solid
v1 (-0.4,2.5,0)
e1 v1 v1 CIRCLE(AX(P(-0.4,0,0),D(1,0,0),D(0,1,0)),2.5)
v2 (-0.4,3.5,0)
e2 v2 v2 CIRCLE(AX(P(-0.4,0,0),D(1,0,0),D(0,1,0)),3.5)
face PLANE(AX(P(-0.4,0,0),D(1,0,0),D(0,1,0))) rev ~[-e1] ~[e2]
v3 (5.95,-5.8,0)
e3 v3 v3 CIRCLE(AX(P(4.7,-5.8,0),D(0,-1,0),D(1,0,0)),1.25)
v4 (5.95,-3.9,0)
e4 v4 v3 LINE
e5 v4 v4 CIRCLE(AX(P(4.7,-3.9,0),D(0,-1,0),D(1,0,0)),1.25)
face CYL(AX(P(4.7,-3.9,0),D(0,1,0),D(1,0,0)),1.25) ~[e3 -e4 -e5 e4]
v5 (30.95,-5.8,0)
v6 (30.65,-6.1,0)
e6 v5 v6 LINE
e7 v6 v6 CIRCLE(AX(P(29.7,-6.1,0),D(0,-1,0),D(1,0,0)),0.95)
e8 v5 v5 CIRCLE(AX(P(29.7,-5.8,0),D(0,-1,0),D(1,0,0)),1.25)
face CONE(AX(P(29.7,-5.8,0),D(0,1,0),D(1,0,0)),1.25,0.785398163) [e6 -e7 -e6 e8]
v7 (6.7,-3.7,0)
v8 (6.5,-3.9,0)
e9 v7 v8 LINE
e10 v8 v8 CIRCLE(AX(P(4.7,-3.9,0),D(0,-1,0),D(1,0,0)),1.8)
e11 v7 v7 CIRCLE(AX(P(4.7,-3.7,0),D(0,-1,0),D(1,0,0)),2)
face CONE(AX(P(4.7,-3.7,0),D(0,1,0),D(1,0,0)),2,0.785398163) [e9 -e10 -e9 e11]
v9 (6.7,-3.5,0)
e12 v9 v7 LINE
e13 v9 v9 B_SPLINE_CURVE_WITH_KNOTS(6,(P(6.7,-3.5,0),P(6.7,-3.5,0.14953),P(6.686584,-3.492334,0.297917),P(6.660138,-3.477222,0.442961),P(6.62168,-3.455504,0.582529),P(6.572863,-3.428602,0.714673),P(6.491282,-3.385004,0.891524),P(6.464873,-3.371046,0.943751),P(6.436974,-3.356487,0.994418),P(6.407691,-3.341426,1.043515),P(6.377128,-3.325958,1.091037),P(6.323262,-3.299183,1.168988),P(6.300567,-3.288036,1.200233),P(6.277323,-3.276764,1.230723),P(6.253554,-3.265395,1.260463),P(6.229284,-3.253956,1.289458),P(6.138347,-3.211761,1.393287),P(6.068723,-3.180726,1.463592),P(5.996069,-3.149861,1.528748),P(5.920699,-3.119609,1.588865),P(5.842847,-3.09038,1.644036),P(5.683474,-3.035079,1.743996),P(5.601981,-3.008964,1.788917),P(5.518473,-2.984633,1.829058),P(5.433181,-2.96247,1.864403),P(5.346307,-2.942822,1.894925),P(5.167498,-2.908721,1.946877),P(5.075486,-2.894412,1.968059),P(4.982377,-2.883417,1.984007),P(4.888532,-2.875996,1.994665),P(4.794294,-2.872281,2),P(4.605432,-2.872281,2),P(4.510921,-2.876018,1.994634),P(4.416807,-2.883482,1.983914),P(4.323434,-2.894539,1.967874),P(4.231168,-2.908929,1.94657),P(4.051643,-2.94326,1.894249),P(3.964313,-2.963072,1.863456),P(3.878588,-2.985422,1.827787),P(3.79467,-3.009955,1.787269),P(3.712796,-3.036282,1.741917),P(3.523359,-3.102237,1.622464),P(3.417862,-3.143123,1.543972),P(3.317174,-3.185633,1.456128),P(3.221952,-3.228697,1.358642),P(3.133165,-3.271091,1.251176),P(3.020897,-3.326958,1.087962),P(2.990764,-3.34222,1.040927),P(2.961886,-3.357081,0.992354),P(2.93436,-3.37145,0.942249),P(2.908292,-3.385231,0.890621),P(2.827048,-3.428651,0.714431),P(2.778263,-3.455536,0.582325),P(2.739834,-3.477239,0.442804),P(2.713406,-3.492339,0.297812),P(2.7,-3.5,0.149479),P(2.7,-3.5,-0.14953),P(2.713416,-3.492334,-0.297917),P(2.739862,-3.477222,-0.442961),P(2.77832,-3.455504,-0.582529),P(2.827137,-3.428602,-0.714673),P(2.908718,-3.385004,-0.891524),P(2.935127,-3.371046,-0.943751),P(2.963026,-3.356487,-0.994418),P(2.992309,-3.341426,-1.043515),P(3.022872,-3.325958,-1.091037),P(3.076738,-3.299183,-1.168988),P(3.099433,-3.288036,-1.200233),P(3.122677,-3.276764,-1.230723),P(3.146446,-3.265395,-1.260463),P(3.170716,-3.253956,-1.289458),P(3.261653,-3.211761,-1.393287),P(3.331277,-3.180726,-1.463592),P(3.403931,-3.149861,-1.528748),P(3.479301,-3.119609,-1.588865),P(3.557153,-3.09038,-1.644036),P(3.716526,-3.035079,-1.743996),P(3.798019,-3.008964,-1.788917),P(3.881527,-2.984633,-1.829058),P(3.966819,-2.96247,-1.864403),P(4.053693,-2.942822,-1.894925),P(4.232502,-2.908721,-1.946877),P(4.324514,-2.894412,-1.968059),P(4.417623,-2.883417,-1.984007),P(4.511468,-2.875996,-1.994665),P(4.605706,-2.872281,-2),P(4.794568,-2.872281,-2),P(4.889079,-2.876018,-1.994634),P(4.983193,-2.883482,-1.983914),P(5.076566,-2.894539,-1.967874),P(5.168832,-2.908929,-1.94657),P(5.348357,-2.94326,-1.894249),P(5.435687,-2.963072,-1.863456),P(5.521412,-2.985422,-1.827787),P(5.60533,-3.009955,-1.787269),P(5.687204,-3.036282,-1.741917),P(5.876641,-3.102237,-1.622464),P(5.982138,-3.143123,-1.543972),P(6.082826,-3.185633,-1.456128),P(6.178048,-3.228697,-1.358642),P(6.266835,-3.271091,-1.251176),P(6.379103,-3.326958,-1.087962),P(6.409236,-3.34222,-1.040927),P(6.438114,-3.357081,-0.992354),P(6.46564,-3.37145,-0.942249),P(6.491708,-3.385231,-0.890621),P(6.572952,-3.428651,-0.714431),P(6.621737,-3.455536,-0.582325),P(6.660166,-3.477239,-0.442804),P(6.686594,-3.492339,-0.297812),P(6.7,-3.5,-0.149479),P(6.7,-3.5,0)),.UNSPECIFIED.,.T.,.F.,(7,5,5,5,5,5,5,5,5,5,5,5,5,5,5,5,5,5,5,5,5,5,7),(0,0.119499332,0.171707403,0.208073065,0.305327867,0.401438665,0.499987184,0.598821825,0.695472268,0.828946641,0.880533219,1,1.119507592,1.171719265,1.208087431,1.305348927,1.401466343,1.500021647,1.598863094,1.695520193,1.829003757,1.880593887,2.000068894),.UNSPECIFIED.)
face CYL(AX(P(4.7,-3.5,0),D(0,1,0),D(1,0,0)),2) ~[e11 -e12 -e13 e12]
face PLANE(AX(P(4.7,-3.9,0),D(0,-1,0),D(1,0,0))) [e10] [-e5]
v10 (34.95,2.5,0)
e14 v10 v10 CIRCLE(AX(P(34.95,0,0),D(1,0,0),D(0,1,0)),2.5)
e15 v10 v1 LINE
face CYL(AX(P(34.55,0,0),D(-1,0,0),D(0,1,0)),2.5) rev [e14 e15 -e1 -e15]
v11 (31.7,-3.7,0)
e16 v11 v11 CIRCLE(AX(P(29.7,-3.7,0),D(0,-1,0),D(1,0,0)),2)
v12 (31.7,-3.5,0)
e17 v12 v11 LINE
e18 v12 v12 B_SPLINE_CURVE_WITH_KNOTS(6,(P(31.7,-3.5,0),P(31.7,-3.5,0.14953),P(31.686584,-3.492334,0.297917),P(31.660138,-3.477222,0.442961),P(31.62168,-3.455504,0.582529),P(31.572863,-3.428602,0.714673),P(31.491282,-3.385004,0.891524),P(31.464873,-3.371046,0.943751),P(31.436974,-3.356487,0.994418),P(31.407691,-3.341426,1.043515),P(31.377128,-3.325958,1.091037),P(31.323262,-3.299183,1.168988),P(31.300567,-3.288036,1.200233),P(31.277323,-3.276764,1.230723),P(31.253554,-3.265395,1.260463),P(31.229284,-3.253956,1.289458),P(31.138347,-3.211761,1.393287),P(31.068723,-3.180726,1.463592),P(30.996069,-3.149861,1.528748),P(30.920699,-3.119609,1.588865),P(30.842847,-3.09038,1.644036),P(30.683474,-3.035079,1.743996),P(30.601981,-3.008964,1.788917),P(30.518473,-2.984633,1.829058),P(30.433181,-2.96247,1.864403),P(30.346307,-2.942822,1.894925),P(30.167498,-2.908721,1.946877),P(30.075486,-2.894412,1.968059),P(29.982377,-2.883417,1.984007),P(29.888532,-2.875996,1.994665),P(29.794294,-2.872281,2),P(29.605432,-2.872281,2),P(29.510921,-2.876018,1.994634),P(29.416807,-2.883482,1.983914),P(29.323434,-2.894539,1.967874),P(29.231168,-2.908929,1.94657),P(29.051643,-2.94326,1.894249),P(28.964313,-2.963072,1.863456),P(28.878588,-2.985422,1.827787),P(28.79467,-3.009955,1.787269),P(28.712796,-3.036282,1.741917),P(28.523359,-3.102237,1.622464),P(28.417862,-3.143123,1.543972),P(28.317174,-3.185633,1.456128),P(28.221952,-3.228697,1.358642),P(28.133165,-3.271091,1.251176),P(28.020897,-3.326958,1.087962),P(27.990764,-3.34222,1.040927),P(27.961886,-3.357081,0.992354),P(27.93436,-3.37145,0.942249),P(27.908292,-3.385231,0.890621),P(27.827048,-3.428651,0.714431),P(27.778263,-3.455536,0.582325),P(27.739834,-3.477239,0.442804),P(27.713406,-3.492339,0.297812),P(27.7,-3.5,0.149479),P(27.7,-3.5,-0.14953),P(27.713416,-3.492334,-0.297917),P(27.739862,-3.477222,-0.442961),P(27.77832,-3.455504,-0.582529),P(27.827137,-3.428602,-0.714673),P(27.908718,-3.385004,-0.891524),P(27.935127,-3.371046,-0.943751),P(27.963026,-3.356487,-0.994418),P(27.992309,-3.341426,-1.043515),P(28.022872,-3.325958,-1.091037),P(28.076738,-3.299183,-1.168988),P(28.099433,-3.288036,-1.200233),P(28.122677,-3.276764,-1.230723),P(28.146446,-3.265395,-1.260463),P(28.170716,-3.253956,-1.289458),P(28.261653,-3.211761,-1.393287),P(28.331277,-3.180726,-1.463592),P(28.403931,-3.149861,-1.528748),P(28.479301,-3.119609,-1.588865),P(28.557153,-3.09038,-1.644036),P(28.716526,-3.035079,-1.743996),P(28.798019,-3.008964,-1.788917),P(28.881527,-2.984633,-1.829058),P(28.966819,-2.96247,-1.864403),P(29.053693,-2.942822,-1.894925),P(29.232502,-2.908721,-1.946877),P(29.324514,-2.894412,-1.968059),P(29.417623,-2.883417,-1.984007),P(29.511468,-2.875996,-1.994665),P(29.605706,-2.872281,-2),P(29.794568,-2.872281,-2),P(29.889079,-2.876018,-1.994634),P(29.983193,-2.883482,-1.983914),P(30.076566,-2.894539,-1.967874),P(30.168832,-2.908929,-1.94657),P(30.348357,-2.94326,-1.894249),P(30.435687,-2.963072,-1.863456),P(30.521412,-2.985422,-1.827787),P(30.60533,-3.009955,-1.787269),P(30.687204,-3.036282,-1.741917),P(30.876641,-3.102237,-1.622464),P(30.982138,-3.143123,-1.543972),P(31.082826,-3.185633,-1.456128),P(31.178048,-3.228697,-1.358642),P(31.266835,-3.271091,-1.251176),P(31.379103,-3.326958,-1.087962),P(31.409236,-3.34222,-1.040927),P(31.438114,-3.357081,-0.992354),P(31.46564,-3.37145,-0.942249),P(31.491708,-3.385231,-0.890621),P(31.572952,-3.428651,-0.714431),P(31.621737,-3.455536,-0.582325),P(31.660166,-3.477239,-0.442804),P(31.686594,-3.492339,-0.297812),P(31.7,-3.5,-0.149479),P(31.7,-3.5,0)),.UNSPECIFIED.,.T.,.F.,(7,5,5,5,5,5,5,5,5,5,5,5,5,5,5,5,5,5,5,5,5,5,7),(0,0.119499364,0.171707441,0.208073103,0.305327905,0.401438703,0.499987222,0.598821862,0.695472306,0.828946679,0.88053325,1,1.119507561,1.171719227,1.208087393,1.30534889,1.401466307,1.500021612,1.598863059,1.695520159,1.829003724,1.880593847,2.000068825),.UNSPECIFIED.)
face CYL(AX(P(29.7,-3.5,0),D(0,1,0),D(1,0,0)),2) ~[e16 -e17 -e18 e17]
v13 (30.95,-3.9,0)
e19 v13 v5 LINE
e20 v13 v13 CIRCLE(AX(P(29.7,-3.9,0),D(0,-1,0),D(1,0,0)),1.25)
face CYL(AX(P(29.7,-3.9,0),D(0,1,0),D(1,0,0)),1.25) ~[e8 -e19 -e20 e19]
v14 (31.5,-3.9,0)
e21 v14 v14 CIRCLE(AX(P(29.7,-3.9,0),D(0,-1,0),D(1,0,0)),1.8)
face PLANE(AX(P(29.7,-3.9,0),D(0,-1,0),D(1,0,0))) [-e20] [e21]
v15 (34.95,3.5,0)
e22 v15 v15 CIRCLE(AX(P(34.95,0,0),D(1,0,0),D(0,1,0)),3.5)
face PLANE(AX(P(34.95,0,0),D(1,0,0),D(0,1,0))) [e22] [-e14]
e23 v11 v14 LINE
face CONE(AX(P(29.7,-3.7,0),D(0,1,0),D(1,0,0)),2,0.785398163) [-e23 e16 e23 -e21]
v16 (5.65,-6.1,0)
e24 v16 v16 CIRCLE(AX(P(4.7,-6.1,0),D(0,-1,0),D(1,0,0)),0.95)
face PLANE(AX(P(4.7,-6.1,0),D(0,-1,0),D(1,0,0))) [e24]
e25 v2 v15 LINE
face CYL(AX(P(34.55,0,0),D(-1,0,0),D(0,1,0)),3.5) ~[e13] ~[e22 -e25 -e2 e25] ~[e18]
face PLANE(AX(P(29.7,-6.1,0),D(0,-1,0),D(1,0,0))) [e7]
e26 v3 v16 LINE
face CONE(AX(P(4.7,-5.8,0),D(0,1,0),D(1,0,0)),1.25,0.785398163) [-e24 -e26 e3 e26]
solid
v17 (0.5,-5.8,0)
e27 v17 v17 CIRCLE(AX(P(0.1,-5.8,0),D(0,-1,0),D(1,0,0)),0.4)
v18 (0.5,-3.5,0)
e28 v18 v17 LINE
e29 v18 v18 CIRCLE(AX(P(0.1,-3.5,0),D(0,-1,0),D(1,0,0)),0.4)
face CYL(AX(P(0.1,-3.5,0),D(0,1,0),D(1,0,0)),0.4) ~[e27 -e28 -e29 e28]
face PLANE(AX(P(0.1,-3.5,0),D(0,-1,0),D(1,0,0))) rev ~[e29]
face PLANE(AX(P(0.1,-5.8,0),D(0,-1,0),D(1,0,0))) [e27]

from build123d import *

# Parameters (mm, degrees)
F0_R           = 3.5
F0_R_2         = 2.5
F1_DEPTH       = 34.55
F6_DEPTH       = 0.4
F7_DEPTH       = 0.4
F9_R           = 2
F10_DEPTH      = 0.4
F10_DEPTH_BACK = 1
F11_R          = 1.25
F12_DEPTH      = 2.2
F13_SIZE       = 0.2
F14_SIZE       = 0.3
F5_R           = 0.4
F15_DEPTH      = 2.3


with BuildPart() as f1:
    # F0 (on Right) → F1 (new body)
    with BuildSketch(Plane.YZ):
        Circle(F0_R)
        Circle(F0_R_2, mode=Mode.SUBTRACT)
    extrude(amount=F1_DEPTH)

    # F6 (add): a face of the model
    f6_faces = [f1.faces().sort_by_distance(p)[0] for p in [
        (0, -3.4010050506, 0),
    ]]
    extrude(f6_faces, amount=F6_DEPTH)

    # F7 (add): a face of the model
    f7_faces = [f1.faces().sort_by_distance(p)[0] for p in [
        (34.55, -3.4010050506, 0),
    ]]
    extrude(f7_faces, amount=F7_DEPTH)

    # F9 (on plane+point) → F10 (join, two sides)
    with BuildSketch(Plane.XZ.offset(3.5)) as f10_sk:
        with Locations((4.7, 0)):
            Circle(F9_R)
        with Locations((29.7, 0)):
            Circle(F9_R)
    extrude(amount=F10_DEPTH)
    extrude(f10_sk.sketch, amount=-F10_DEPTH_BACK)

    # F11 (on face) → F12 (join)
    with BuildSketch(Plane.XZ.offset(3.9)):
        with Locations((4.7, 0)):
            Circle(F11_R)
        with Locations((29.7, 0)):
            Circle(F11_R)
    extrude(amount=F12_DEPTH)

    # F13
    f13_edges = [f1.edges().sort_by_distance(p)[0] for p in [
        (2.7, -3.9, 0),
        (27.7, -3.9, 0),
    ]]
    chamfer(f13_edges, length=F13_SIZE)

    # F14
    f14_edges = [f1.edges().sort_by_distance(p)[0] for p in [
        (3.45, -6.1, 0),
        (28.45, -6.1, 0),
    ]]
    chamfer(f14_edges, length=F14_SIZE)


with BuildPart() as f15:
    # F5 (on plane+point) → F15 (new body)
    with BuildSketch(Plane.XZ.offset(3.5)):
        with Locations((0.1, 0)):
            Circle(F5_R)
    extrude(amount=F15_DEPTH)


solid = Compound([f1.part, f15.part])
